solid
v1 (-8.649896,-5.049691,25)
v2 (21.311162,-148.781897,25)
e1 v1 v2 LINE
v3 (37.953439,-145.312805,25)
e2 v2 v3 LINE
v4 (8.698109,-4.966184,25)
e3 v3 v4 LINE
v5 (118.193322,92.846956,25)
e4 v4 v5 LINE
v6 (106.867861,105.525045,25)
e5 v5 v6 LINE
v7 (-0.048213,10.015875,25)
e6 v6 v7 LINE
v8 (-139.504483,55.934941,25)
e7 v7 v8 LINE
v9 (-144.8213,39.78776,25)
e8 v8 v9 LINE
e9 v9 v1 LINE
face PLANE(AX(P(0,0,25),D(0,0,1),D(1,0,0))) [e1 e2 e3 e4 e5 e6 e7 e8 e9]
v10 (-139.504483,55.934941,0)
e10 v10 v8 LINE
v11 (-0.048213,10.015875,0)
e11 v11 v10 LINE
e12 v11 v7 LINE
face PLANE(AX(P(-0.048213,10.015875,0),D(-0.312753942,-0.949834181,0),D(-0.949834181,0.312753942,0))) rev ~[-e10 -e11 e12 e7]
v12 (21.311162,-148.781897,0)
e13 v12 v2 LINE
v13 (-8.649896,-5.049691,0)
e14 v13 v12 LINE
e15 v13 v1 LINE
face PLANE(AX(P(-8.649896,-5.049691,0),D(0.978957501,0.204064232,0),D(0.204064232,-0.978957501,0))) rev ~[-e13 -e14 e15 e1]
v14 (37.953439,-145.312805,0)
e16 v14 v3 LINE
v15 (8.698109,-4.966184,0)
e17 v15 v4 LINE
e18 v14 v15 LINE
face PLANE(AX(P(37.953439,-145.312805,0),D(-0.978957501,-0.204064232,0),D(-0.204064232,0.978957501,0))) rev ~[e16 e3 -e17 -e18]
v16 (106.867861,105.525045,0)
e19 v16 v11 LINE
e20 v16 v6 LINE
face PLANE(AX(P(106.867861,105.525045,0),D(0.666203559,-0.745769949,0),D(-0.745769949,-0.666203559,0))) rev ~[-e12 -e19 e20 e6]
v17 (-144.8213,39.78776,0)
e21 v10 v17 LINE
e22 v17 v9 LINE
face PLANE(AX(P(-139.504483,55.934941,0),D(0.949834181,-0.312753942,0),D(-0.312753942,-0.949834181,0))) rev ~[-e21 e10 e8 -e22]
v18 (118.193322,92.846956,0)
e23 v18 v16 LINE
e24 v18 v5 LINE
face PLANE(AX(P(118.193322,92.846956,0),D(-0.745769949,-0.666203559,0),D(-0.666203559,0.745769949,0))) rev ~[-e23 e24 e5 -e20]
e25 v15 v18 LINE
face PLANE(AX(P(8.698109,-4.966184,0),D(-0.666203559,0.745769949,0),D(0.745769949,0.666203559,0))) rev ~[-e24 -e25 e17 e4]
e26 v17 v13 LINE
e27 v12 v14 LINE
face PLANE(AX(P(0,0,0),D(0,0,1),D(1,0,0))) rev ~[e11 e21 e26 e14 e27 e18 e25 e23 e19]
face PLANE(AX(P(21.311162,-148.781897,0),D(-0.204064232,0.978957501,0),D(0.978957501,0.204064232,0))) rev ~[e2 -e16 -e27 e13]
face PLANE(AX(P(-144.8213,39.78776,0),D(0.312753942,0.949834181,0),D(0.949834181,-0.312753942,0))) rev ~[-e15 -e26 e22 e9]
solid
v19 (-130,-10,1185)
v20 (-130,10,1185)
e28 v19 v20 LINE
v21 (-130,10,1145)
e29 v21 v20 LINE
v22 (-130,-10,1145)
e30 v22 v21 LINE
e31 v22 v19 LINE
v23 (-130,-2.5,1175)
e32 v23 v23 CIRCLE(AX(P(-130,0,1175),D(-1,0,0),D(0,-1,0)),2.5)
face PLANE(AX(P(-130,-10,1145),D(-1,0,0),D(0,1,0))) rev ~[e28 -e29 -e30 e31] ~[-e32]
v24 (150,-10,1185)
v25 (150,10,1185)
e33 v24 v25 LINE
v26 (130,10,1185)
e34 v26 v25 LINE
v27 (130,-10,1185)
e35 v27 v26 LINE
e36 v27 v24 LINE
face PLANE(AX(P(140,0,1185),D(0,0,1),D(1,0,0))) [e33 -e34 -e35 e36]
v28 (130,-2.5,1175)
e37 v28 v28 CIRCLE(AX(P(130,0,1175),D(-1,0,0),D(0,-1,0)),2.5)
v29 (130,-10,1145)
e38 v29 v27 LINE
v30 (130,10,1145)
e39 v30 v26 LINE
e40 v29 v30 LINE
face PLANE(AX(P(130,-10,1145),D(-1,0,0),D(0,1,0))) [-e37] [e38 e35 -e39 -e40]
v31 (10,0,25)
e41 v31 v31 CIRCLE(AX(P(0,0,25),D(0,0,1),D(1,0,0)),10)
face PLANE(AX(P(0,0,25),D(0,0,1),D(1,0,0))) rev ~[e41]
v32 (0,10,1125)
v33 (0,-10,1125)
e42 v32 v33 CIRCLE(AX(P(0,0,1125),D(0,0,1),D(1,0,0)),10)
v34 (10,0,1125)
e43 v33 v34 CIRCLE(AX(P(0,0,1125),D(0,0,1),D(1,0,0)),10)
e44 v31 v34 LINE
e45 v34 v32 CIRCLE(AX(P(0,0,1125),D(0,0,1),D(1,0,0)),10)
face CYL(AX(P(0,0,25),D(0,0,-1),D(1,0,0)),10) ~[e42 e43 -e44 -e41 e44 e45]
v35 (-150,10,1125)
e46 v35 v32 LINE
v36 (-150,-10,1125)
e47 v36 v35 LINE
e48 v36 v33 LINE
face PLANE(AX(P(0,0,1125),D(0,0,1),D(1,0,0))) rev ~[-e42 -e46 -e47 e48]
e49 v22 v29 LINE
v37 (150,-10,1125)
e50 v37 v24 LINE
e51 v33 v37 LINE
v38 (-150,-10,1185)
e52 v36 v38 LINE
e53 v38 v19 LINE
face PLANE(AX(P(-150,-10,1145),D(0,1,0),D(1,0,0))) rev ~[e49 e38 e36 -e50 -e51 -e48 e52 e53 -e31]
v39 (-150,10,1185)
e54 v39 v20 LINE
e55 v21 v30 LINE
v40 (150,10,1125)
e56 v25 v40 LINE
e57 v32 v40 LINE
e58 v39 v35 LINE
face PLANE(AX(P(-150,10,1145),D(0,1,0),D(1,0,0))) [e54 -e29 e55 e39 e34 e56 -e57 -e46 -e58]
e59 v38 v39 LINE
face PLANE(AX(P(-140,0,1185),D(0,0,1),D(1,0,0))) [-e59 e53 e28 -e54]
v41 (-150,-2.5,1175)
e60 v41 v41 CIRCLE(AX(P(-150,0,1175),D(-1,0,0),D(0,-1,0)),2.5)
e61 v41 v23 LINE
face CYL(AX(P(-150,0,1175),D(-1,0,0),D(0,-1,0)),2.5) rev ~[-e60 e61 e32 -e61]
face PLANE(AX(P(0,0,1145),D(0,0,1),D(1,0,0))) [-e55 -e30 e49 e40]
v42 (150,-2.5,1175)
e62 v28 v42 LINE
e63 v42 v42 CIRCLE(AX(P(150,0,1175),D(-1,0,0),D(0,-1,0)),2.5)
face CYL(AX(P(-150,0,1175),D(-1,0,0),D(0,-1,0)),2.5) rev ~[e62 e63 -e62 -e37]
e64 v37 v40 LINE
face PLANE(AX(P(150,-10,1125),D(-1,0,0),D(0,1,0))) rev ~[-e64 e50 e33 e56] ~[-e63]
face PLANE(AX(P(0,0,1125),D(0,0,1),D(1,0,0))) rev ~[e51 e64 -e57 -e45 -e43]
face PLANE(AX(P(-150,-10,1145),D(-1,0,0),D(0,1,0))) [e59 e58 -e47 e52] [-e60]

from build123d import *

# Parameters (mm, degrees)
F1_DEPTH = 25
F2_R     = 10
F3_DEPTH = 1100
F4_W     = 300
F4_H     = 20
F5_DEPTH = 20
F6_W     = 20
F6_H     = 20
F7_DEPTH = 40
F8_R     = 2.5
F9_DEPTH = 500


with BuildPart() as f1:
    # F0 (on Top) → F1 (new body)
    with BuildSketch(Plane.XY):
        Polygon((106.8678610383, 105.5250451441), (-0.0482127534, 10.0158751169), (-139.5044833357, 55.9349410156), (-144.8213003494, 39.7877599353), (-8.6498959157, -5.0496910277), (21.3111617891, -148.7818970183), (37.9534393111, -145.3128050793), (8.6981086691, -4.9661840892), (118.1933215466, 92.8469560027), align=None)
        with BuildLine():
            Line((-8.6269494076, -5.0572466738), (-8.6498959157, -5.0496910277))
            Line((-8.6498959157, -5.0496910277), (-8.6602540378, -5))
            ThreePointArc((-8.6602540378, -5), (-8.6436491157, -5.0286509089), (-8.6269494076, -5.0572466738))
        make_face(mode=Mode.SUBTRACT)
        with BuildLine():
            Line((-0.0482127534, 10.0158751169), (0, 10))
            ThreePointArc((0, 10), (-0.033114876, 9.9999451701), (-0.0662293889, 9.999780681))
            Line((-0.0662293889, 9.999780681), (-0.0482127534, 10.0158751169))
        make_face(mode=Mode.SUBTRACT)
        with BuildLine():
            Line((8.6931787965, -4.9425340072), (8.6981086691, -4.9661840892))
            Line((8.6981086691, -4.9661840892), (8.6602540378, -5))
            ThreePointArc((8.6602540378, -5), (8.6767639918, -4.9712942612), (8.6931787965, -4.9425340072))
        make_face(mode=Mode.SUBTRACT)
        with BuildLine():
            Line((-8.6602540378, -5), (-8.6498959157, -5.0496910277))
            Line((-8.6498959157, -5.0496910277), (-8.6269494076, -5.0572466738))
            ThreePointArc((-8.6269494076, -5.0572466738), (-8.6436491157, -5.0286509089), (-8.6602540378, -5))
        make_face()
        with BuildLine():
            Line((8.6602540378, -5), (8.6981086691, -4.9661840892))
            Line((8.6981086691, -4.9661840892), (8.6931787965, -4.9425340072))
            ThreePointArc((8.6931787965, -4.9425340072), (8.6767639918, -4.9712942612), (8.6602540378, -5))
        make_face()
        with BuildLine():
            ThreePointArc((-0.0662293889, 9.999780681), (-0.033114876, 9.9999451701), (0, 10))
            Line((0, 10), (-0.0482127534, 10.0158751169))
            Line((-0.0482127534, 10.0158751169), (-0.0662293889, 9.999780681))
        make_face()
    extrude(amount=F1_DEPTH)


with BuildPart() as f3:
    # F2 (on face) → F3 (new body)
    with BuildSketch(Plane.XY.offset(25)):
        Circle(F2_R)
    extrude(amount=F3_DEPTH)

    # F4 (on face) → F5 (join)
    with BuildSketch(Plane.XY.offset(1125)):
        Rectangle(F4_W, F4_H)
    extrude(amount=F5_DEPTH)

    # F6 (on face) → F7 (join)
    with BuildSketch(Plane.XY.offset(1145)):
        with Locations((-140, 0)):
            Rectangle(F6_W, F6_H)
        with Locations((140, 0)):
            Rectangle(F6_W, F6_H)
    extrude(amount=F7_DEPTH)

    # F8 (on face) → F9 (cut)
    with BuildSketch(Plane(origin=(-150, 0, 0), x_dir=(0, -1, 0), z_dir=(-1, 0, 0))):
        with Locations((0, 1175)):
            Circle(F8_R)
    extrude(amount=-F9_DEPTH, mode=Mode.SUBTRACT)


solid = Compound([f1.part, f3.part])
